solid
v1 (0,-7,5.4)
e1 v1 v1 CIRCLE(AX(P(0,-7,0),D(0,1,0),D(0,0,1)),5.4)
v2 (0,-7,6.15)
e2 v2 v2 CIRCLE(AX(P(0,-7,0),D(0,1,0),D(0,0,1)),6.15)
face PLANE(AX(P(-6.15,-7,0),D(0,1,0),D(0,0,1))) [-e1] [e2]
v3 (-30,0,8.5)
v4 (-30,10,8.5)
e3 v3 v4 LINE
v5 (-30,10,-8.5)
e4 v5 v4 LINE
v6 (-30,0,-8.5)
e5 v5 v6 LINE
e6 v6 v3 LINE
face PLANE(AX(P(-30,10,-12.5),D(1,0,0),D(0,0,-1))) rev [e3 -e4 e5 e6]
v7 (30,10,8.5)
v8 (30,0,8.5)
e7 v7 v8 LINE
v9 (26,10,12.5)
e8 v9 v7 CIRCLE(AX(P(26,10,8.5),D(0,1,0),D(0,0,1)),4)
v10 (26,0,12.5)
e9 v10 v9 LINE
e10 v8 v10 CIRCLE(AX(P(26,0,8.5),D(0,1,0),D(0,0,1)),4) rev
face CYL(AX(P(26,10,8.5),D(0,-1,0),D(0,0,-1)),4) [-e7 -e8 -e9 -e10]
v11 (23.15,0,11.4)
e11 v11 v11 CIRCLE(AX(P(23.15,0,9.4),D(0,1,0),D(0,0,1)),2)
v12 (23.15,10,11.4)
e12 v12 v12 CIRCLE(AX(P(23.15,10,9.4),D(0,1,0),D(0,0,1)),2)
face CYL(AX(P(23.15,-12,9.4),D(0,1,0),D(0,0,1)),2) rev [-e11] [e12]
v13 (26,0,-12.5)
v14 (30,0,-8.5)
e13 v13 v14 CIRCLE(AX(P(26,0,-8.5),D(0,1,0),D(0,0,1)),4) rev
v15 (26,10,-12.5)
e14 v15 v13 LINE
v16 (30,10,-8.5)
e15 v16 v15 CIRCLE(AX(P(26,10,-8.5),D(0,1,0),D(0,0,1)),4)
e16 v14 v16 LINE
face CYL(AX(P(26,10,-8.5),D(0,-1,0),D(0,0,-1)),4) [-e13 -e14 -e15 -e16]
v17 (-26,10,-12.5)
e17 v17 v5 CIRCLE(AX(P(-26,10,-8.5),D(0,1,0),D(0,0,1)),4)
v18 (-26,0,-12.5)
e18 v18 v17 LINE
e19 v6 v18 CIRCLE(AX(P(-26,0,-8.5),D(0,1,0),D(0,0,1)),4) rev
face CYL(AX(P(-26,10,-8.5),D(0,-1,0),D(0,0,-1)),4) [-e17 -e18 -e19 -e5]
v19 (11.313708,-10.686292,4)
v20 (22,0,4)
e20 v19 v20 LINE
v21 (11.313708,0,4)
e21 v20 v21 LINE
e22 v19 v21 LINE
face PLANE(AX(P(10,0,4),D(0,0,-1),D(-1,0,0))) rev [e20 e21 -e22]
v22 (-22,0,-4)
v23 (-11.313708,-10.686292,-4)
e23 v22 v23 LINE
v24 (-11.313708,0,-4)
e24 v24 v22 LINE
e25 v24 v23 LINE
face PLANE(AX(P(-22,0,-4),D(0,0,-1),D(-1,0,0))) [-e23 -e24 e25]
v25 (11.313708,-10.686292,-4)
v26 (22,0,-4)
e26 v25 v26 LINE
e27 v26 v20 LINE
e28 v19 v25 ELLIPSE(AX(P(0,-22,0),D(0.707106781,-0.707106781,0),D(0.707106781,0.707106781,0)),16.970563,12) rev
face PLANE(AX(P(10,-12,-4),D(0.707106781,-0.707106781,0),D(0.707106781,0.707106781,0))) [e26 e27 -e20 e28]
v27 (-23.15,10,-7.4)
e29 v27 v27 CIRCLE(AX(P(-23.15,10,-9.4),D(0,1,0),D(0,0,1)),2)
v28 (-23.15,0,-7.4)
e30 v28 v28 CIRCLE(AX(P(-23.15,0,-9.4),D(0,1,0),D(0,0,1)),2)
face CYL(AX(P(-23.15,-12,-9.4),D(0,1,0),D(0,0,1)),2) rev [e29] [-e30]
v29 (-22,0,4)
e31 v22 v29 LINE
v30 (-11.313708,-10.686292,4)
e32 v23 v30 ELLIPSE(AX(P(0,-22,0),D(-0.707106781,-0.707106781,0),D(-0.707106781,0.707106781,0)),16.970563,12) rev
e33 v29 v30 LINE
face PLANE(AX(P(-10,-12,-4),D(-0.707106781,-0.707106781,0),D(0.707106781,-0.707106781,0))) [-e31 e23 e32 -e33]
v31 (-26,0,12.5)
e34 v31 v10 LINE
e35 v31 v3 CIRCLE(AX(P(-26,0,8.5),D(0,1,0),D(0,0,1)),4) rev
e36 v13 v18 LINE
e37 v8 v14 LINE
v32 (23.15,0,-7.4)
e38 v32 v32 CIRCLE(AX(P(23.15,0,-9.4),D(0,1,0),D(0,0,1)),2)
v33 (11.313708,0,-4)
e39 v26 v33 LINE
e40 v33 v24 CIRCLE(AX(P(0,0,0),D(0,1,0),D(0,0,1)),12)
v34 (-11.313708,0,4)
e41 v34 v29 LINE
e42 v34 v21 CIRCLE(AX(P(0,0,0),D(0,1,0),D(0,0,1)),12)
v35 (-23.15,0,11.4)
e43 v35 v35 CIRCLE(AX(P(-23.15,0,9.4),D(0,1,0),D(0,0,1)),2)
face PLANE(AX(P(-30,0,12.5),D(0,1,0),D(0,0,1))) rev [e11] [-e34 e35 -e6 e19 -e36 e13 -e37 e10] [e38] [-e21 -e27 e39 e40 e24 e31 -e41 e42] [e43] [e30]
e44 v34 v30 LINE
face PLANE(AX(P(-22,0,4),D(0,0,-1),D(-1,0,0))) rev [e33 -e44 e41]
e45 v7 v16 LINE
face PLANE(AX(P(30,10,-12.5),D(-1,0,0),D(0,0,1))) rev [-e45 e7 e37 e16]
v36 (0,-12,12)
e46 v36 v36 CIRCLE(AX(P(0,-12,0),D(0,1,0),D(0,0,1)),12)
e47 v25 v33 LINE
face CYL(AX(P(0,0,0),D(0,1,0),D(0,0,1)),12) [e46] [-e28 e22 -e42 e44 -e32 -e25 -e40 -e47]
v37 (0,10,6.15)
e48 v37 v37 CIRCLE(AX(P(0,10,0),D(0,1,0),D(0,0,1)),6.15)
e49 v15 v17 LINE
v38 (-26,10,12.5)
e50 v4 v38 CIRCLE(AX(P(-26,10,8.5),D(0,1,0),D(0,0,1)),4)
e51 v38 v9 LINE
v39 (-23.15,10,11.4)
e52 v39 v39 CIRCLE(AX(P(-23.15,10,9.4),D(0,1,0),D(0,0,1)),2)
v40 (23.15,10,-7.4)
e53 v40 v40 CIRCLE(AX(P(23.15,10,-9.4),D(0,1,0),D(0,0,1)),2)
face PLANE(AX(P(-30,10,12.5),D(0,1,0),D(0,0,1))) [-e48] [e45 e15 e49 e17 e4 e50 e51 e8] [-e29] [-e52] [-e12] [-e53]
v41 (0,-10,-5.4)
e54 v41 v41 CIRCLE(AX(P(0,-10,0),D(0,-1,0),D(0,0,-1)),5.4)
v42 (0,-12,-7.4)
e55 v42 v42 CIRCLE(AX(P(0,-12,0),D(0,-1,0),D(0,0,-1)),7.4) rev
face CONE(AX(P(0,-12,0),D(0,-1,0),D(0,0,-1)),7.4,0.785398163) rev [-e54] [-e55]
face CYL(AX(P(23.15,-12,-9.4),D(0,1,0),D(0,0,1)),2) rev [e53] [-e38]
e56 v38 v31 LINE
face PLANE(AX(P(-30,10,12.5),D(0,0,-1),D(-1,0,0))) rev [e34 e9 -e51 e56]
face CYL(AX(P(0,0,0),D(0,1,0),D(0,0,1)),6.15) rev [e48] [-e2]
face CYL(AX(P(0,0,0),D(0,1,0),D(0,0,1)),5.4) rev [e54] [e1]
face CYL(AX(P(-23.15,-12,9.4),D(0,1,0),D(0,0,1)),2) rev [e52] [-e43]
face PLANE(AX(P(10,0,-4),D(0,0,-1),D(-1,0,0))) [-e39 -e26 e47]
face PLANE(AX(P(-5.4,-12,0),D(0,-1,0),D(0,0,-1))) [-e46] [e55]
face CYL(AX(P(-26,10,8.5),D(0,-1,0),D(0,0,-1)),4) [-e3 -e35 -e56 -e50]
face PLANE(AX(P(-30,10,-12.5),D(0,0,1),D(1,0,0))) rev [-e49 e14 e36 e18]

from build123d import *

# Parameters (mm, degrees)
SKETCH1_W            = 60
SKETCH1_H            = 25
BASE_DEPTH           = 10
PEN_HOLE_REACH       = 24
SKETCH5_R            = 6.15
STAB_FINS_DEPTH      = 4
STAB_FINS_DEPTH_BACK = 4
BASE_DEC_R           = 4
SKETCH8_R            = 2
CUT_EXTRUDE2_DEPTH   = 23
CHAMFER1_SIZE        = 2


with BuildPart() as part:
    # Sketch1 → Base (new body)
    with BuildSketch(Plane(origin=(0, 0, 0), x_dir=(1, 0, 0), z_dir=(0, 1, 0))):
        Rectangle(SKETCH1_W, SKETCH1_H)
    extrude(amount=BASE_DEPTH)

    # Sketch2 → Pen Catch (revolve)
    with BuildSketch(Plane.XY):
        Polygon((-6.15, 0), (-6.15, -7), (-5.4, -7), (-5.4, -12), (-12, -12), (-12, 0), align=None)
    revolve(axis=Axis((0, 0, 0), (0, -1, 0)))

    # Sketch5 → Pen Hole (cut, up to next)
    with BuildSketch(Plane(origin=(0, 10, 0), x_dir=(1, 0, 0), z_dir=(0, 1, 0)), mode=Mode.PRIVATE) as pen_hole_sk1:
        Circle(SKETCH5_R)
    pen_hole_tool1 = extrude(pen_hole_sk1.sketch, amount=-PEN_HOLE_REACH, mode=Mode.PRIVATE) & part.part
    add(pen_hole_tool1.solids().sort_by_distance((0, 10, 0))[0], mode=Mode.SUBTRACT)

    # Sketch4 → Stab Fins (add, two sides)
    with BuildSketch(Plane.XY) as stab_fins_sk:
        Polygon((-22, 0), (-10, 0), (-10, -12), align=None)
        Polygon((10, -12), (22, 0), (10, 0), align=None)
    extrude(amount=STAB_FINS_DEPTH)
    extrude(stab_fins_sk.sketch, amount=-STAB_FINS_DEPTH_BACK)

    # Base Dec
    base_dec_edges = [part.edges().sort_by_distance(p)[0] for p in [
        (-30, 5, -12.5),
        (30, 5, -12.5),
        (30, 5, 12.5),
        (-30, 5, 12.5),
    ]]
    fillet(base_dec_edges, radius=BASE_DEC_R)

    # Sketch8 → Cut-Extrude2 (cut, through all)
    with BuildSketch(Plane(origin=(0, 10, 0), x_dir=(1, 0, 0), z_dir=(0, 1, 0))):
        with Locations((23.15, 9.4)):
            Circle(SKETCH8_R)
        with Locations((23.15, -9.4)):
            Circle(SKETCH8_R)
        with Locations((-23.15, 9.4)):
            Circle(SKETCH8_R)
        with Locations((-23.15, -9.4)):
            Circle(SKETCH8_R)
    extrude(amount=-CUT_EXTRUDE2_DEPTH, mode=Mode.SUBTRACT)

    # Chamfer1
    chamfer1_edges = [part.edges().sort_by_distance(p)[0] for p in [
        (5.4, -12, 0),
    ]]
    chamfer(chamfer1_edges, length=CHAMFER1_SIZE)


solid = part.part
